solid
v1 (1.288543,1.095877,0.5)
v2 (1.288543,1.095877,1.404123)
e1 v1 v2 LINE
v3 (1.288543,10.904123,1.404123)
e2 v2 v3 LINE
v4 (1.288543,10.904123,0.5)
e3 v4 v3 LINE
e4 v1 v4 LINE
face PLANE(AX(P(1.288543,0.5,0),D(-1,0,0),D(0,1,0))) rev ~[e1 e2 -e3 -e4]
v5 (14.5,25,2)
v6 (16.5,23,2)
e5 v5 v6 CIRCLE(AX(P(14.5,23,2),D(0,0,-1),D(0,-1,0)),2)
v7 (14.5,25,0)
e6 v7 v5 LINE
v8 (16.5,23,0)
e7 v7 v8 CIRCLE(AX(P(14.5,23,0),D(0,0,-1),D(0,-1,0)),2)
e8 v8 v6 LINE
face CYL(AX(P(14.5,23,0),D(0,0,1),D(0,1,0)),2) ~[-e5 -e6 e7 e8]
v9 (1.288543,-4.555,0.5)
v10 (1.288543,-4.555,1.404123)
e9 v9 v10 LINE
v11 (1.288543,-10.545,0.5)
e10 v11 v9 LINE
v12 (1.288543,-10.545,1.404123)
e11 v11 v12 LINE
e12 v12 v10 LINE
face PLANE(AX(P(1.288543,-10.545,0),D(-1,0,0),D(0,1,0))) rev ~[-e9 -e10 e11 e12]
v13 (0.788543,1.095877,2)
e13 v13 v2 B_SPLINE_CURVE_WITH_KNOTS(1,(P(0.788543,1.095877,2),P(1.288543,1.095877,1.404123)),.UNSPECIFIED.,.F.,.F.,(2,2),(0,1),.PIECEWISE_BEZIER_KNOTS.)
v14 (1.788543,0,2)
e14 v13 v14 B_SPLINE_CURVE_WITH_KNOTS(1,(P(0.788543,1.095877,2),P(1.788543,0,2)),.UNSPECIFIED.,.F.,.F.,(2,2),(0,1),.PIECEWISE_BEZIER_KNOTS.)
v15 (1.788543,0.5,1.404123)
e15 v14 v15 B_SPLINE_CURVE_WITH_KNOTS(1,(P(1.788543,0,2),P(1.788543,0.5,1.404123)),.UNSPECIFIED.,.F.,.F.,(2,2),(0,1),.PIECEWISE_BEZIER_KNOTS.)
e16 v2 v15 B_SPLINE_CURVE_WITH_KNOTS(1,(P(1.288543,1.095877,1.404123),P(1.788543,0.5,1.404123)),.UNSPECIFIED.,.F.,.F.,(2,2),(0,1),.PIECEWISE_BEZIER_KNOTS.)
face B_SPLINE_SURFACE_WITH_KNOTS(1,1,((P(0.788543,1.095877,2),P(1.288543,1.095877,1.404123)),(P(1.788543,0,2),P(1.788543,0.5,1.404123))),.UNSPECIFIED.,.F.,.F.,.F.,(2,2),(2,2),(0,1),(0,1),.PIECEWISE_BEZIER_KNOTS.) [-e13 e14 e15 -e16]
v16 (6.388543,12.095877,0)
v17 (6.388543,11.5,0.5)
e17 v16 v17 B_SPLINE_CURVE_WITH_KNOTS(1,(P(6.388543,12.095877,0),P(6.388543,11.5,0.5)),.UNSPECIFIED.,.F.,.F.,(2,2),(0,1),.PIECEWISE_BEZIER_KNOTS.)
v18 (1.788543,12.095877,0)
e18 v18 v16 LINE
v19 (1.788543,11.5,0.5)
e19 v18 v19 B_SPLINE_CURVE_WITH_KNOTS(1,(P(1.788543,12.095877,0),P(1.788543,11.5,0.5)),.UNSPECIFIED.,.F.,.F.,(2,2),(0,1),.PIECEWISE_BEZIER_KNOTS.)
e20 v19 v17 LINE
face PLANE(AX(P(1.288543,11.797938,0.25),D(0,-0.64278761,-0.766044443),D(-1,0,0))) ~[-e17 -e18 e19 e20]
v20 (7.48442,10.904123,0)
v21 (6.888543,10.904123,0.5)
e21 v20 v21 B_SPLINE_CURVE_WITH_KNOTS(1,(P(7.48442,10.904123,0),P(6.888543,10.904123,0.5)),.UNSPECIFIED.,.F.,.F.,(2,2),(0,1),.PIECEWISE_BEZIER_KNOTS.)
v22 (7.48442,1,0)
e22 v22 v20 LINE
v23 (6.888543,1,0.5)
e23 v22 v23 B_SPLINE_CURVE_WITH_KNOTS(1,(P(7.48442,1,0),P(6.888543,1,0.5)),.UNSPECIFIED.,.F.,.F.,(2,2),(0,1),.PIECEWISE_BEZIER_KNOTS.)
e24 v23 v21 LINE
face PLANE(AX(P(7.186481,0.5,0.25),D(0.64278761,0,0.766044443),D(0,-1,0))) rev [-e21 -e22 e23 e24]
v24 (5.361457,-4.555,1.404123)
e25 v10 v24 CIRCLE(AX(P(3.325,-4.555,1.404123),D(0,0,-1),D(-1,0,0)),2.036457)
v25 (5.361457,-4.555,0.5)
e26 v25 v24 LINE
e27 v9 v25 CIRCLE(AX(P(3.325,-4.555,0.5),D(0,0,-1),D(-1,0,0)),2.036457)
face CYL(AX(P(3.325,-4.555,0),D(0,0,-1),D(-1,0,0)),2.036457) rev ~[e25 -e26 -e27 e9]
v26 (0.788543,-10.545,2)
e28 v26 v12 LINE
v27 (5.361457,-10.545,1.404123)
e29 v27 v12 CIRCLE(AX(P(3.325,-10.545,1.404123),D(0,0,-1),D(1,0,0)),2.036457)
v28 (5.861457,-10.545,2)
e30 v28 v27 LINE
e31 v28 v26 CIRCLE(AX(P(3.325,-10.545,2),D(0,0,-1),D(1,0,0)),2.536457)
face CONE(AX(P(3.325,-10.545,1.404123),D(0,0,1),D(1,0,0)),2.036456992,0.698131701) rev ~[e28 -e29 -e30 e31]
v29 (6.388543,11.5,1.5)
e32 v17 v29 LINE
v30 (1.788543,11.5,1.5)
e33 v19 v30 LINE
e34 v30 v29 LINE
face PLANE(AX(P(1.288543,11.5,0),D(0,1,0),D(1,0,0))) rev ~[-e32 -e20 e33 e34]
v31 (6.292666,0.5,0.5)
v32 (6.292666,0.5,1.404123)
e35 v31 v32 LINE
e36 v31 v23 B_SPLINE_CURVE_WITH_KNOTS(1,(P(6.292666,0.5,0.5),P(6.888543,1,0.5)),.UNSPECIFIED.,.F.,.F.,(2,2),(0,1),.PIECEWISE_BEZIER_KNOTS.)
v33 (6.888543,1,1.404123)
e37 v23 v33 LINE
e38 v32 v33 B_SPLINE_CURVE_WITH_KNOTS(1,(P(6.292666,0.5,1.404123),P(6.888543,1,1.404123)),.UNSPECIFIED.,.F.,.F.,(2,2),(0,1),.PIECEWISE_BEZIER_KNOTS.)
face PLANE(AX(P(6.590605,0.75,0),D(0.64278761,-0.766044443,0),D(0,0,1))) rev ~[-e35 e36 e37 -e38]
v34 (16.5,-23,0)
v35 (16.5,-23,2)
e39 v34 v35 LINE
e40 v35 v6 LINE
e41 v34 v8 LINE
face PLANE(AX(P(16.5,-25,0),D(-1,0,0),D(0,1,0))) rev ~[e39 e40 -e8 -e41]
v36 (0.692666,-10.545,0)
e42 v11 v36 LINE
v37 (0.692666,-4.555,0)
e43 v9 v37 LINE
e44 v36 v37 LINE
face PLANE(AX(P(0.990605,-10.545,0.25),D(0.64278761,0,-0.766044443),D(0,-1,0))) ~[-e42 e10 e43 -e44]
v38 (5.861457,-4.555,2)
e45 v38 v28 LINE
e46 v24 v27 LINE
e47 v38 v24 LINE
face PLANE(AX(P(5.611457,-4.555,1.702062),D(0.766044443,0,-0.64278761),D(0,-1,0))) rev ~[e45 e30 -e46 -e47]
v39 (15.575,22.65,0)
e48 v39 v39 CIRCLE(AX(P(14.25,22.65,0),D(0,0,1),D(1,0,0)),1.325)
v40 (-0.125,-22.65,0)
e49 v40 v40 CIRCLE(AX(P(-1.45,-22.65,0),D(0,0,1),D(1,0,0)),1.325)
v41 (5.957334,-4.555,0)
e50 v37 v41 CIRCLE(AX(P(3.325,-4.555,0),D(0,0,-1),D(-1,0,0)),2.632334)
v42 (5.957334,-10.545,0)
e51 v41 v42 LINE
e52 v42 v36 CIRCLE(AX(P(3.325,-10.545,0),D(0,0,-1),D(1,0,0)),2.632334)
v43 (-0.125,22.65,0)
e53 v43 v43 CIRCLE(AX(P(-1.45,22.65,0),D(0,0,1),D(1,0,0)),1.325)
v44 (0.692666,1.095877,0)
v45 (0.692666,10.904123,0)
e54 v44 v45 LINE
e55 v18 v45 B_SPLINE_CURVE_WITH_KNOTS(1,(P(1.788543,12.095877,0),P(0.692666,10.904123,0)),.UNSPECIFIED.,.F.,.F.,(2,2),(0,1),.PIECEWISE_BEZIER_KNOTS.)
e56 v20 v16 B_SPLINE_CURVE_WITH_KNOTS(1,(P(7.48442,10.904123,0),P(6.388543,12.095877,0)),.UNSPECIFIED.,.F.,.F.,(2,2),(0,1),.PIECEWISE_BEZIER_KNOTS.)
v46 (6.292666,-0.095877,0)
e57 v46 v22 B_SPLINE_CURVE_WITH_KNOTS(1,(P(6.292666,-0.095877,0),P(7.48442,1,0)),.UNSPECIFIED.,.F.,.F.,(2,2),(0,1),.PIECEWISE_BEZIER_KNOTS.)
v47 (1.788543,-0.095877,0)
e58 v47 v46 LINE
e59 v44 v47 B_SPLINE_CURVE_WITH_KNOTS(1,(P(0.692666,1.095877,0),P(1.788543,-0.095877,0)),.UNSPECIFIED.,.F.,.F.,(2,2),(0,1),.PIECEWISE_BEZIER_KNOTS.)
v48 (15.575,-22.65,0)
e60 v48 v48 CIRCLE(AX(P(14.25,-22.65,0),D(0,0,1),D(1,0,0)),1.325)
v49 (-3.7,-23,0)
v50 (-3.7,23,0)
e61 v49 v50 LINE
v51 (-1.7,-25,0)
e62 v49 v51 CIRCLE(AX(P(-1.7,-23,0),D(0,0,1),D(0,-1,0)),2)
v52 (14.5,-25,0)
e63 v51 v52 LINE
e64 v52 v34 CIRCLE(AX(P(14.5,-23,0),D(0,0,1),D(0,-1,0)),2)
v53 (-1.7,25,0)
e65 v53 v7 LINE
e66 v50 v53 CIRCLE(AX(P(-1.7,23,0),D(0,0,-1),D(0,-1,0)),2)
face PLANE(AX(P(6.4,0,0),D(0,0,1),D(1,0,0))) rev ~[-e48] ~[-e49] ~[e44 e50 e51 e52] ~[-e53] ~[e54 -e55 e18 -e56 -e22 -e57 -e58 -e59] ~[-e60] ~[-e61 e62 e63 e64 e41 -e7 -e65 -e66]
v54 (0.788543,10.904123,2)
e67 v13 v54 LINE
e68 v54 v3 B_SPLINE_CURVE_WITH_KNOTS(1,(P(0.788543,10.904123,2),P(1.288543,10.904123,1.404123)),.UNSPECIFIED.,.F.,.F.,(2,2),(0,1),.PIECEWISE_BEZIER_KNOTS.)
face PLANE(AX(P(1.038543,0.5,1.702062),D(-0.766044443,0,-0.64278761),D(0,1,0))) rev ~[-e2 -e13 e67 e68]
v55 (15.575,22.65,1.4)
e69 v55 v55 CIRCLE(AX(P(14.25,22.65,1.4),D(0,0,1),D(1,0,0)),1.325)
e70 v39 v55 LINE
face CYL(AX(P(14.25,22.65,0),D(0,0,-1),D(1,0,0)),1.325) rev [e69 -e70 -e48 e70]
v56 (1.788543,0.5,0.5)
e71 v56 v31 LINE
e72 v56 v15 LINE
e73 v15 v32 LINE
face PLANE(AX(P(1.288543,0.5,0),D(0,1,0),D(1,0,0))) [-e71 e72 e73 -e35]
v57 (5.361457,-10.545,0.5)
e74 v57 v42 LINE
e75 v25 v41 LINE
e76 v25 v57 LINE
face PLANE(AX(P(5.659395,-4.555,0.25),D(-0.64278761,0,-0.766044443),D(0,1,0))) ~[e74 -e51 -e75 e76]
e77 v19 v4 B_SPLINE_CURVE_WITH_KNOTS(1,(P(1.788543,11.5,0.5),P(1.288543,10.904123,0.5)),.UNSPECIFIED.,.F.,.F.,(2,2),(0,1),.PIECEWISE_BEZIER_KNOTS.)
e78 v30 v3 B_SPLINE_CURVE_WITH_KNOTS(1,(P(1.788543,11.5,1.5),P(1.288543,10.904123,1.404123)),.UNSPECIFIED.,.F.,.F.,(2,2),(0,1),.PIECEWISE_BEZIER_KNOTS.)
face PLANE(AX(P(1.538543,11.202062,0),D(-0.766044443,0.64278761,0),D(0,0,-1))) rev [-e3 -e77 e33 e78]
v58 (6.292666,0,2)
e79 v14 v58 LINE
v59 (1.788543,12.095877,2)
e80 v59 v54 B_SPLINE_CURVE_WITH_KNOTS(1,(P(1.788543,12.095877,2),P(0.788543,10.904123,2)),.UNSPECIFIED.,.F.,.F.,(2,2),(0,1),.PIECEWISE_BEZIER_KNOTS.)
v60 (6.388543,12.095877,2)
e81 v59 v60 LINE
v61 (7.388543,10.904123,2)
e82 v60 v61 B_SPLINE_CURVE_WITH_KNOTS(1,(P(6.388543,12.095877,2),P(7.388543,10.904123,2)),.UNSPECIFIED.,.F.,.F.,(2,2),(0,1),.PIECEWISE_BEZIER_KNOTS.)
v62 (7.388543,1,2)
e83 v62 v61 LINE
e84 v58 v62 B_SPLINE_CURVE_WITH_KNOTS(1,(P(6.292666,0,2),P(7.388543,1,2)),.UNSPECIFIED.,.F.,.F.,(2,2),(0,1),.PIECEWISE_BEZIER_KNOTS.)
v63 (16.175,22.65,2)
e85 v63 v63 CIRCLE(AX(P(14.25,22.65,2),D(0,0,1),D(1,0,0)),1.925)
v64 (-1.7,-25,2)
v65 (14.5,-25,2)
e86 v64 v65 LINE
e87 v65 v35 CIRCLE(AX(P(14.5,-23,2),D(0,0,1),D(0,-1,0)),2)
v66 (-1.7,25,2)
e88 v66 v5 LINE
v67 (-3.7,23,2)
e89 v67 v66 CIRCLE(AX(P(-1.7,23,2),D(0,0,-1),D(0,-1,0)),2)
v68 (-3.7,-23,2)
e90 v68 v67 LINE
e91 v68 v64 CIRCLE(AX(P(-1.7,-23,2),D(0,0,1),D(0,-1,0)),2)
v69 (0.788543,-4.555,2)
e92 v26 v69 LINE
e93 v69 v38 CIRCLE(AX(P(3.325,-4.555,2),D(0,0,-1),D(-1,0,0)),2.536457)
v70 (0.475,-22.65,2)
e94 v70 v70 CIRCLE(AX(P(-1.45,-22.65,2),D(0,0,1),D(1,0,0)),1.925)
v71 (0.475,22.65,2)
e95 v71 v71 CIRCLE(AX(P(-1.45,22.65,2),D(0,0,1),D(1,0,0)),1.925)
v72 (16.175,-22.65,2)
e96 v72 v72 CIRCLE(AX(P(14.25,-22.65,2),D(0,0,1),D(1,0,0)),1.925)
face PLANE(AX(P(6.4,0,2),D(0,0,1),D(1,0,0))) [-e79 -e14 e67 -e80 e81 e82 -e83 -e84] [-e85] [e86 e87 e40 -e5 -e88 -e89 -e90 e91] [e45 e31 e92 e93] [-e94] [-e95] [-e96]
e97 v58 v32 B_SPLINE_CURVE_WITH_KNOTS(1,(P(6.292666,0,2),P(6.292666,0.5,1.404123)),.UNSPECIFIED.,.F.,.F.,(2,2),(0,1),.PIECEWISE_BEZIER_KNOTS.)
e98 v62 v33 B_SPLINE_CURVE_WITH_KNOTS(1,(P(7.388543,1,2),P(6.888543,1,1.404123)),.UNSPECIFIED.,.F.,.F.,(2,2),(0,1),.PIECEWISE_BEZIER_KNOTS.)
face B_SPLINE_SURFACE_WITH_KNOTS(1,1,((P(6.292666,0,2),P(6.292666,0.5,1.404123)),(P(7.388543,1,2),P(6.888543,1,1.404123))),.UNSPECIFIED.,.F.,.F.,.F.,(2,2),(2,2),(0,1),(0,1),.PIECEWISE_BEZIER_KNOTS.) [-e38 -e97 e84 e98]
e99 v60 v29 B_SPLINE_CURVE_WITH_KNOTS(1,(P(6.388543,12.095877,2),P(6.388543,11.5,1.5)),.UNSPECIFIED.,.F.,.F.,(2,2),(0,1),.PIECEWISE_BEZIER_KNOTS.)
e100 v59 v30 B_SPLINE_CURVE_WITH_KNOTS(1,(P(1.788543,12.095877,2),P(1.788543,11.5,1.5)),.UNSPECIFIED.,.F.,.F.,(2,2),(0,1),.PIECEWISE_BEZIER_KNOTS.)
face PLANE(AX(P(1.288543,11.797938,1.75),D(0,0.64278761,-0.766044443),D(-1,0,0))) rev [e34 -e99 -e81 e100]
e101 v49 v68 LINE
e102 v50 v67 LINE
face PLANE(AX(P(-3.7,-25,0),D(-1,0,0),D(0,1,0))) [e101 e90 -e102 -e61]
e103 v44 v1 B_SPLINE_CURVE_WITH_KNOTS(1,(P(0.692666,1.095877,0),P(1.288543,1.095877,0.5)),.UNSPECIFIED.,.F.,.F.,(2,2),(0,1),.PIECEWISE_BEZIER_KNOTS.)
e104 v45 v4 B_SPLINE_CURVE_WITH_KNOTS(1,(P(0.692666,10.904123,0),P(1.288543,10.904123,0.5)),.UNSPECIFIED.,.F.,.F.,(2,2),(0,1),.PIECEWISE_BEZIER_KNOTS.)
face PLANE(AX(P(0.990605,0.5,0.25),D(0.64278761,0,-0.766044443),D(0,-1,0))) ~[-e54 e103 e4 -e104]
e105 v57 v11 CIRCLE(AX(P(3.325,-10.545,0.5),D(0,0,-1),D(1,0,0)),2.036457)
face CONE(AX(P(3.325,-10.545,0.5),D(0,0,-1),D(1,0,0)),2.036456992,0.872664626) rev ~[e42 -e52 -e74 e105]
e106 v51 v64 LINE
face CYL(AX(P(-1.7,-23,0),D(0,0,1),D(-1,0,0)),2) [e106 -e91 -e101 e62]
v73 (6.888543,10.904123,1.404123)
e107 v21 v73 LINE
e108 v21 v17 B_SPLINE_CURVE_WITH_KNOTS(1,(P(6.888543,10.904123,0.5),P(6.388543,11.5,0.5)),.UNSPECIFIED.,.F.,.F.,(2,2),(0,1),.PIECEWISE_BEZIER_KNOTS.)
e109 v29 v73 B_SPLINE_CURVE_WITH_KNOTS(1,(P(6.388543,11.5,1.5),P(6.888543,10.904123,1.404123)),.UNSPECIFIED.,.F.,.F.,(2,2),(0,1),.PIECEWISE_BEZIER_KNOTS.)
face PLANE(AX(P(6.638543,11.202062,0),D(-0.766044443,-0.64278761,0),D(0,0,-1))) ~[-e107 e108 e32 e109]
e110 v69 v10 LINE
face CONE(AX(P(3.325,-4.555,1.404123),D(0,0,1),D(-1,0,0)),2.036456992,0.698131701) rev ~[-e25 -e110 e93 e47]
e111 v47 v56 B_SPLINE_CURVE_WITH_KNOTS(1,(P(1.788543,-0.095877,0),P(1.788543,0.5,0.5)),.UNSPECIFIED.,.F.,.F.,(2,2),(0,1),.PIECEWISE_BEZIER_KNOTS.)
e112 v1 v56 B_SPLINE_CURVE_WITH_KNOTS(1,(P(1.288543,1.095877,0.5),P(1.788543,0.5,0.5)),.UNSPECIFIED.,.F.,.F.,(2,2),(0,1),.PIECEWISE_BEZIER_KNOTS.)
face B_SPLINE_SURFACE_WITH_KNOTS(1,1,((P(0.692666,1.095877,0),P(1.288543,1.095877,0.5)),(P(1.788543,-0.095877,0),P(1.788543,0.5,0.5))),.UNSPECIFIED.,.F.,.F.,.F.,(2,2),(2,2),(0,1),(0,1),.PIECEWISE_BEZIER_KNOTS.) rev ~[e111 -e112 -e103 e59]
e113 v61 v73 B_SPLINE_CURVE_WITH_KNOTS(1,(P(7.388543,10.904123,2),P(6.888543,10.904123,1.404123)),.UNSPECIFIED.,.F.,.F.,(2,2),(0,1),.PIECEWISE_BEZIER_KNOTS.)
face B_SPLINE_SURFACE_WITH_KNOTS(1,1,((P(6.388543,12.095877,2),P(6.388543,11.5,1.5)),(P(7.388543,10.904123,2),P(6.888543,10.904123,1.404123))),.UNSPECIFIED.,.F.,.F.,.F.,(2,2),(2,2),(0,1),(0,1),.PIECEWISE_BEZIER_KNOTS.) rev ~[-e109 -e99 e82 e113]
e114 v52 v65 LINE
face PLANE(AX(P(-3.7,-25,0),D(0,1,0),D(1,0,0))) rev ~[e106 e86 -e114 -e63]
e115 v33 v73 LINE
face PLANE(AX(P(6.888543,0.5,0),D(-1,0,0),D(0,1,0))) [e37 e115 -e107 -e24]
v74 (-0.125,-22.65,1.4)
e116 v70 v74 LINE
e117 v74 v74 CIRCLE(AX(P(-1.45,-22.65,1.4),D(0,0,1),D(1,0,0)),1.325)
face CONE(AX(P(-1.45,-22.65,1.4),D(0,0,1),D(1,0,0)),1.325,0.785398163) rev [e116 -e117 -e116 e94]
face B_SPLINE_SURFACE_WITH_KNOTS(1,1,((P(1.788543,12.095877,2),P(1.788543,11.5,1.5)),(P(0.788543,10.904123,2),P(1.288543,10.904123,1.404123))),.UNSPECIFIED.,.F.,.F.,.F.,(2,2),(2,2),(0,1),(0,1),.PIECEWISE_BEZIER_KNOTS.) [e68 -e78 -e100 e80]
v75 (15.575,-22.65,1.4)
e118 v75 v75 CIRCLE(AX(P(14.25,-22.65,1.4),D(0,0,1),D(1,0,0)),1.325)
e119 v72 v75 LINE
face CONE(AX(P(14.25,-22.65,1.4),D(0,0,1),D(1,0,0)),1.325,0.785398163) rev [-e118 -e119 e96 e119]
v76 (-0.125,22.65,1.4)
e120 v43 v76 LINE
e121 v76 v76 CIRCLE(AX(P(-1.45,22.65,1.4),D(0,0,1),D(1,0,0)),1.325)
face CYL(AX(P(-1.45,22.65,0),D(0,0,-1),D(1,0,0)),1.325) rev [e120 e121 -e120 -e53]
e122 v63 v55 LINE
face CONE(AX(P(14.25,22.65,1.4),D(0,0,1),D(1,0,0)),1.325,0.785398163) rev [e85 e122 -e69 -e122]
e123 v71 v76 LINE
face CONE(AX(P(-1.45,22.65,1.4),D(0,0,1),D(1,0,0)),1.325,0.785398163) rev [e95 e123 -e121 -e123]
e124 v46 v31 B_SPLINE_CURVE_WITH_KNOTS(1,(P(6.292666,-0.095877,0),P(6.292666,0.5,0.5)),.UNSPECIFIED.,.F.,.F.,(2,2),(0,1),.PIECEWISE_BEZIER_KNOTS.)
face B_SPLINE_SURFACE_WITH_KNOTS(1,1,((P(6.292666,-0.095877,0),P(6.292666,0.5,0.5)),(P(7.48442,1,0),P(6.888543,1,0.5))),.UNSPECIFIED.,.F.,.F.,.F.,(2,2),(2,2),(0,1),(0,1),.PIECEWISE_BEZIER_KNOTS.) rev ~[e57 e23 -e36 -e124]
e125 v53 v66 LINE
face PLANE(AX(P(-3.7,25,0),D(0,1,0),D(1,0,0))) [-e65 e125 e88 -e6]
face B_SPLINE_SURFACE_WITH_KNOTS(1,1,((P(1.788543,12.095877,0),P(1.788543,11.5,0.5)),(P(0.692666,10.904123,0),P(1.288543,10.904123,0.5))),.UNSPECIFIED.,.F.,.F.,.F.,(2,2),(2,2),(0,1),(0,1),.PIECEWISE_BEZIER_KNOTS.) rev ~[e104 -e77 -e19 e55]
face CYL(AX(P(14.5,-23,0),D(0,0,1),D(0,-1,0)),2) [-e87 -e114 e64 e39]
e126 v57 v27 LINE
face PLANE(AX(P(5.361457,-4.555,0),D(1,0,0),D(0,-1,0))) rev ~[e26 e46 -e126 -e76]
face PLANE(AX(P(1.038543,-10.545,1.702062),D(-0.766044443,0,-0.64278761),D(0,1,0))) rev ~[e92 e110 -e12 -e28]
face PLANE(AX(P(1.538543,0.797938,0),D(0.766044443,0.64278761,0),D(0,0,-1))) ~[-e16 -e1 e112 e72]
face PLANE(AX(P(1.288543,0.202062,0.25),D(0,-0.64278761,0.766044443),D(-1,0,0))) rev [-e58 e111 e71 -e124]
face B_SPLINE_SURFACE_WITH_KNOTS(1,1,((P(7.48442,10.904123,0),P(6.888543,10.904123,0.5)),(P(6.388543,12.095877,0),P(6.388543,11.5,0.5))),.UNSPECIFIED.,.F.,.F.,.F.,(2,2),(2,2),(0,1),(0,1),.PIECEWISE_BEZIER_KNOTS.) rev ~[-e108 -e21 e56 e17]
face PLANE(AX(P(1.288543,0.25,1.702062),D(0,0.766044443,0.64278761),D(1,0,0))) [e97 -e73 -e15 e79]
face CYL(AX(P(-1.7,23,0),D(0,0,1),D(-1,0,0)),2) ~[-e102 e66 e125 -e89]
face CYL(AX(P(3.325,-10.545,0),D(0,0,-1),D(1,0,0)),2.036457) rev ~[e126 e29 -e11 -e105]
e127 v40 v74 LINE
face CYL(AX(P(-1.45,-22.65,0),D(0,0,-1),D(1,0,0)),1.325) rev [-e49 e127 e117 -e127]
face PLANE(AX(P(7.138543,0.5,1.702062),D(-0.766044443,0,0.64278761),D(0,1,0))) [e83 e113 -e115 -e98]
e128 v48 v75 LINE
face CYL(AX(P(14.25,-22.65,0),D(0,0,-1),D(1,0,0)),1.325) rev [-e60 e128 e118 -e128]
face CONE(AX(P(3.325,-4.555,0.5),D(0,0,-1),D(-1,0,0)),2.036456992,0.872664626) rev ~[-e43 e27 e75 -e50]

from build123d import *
from OCP.BRepFilletAPI import BRepFilletAPI_MakeChamfer

# Parameters (mm, degrees)
SKETCH_2_W      = 20.2
SKETCH_2_H      = 50
SKETCH_2_R      = 1.325
SKETCH_2_W_2    = 5.6
SKETCH_2_H_2    = 11
EXTRUDE_1_DEPTH = 2
FILLET_1_R      = 2
CHAMFER_1_SIZE  = 0.6
CHAMFER_2_SIZE  = 0.5
CHAMFER_2_SIZE2 = 0.595876796


with BuildPart() as part:
    # 草图2 → 凸台-拉伸1 (new body)
    with BuildSketch(Plane.XY):
        with Locations((6.4, 0)):
            Rectangle(SKETCH_2_W, SKETCH_2_H)
        with Locations((-1.45, -22.65)):
            Circle(SKETCH_2_R, mode=Mode.SUBTRACT)
        with Locations((-1.45, 22.65)):
            Circle(SKETCH_2_R, mode=Mode.SUBTRACT)
        with Locations((14.25, 22.65)):
            Circle(SKETCH_2_R, mode=Mode.SUBTRACT)
        with Locations((14.25, -22.65)):
            Circle(SKETCH_2_R, mode=Mode.SUBTRACT)
        with BuildLine():
            Line((5.361456992, -4.555), (5.361456992, -10.545))
            ThreePointArc((5.361456992, -10.545), (3.325, -12.581456992), (1.288543008, -10.545))
            Line((1.288543008, -10.545), (1.288543008, -4.555))
            ThreePointArc((1.288543008, -4.555), (3.325, -2.518543008), (5.361456992, -4.555))
        make_face(mode=Mode.SUBTRACT)
        with Locations((4.088543008, 6)):
            Rectangle(SKETCH_2_W_2, SKETCH_2_H_2, mode=Mode.SUBTRACT)
    extrude(amount=EXTRUDE_1_DEPTH)

    # 圆角1
    fillet_1_edges = [part.edges().sort_by_distance(p)[0] for p in [
        (-3.7, 25, 1),
        (16.5, 25, 1),
        (16.5, -25, 1),
        (-3.7, -25, 1),
    ]]
    fillet(fillet_1_edges, radius=FILLET_1_R)

    # 倒角1
    chamfer_1_edges = [part.edges().sort_by_distance(p)[0] for p in [
        (-2.775, -22.65, 2),
        (-2.775, 22.65, 2),
        (12.925, 22.65, 2),
        (12.925, -22.65, 2),
    ]]
    chamfer(chamfer_1_edges, length=CHAMFER_1_SIZE)

    # 倒角2: one chamfer whose edges measure the first distance from different faces: ONE call of the kernel's chamfer builder (chamfer() names one face for all edges)
    chamfer_2_edges_1 = [part.edges().sort_by_distance(p)[0] for p in [
        (3.325, -2.518543008, 0),
    ]]
    chamfer_2_side_1 = [part.faces().sort_by_distance(p)[0] for p in [
        (3.325, -2.518543008, 1),
    ]]
    chamfer_2_edges_2 = [part.edges().sort_by_distance(p)[0] for p in [
        (1.288543008, -7.55, 0),
    ]]
    chamfer_2_side_2 = [part.faces().sort_by_distance(p)[0] for p in [
        (1.288543008, -7.55, 1),
    ]]
    chamfer_2_edges_3 = [part.edges().sort_by_distance(p)[0] for p in [
        (3.325, -12.581456992, 0),
    ]]
    chamfer_2_side_3 = [part.faces().sort_by_distance(p)[0] for p in [
        (3.325, -12.581456992, 1),
    ]]
    chamfer_2_edges_4 = [part.edges().sort_by_distance(p)[0] for p in [
        (5.361456992, -7.55, 0),
    ]]
    chamfer_2_side_4 = [part.faces().sort_by_distance(p)[0] for p in [
        (5.361456992, -7.55, 1),
    ]]
    chamfer_2_edges_5 = [part.edges().sort_by_distance(p)[0] for p in [
        (3.325, -2.518543008, 2),
        (1.288543008, -7.55, 2),
        (3.325, -12.581456992, 2),
        (5.361456992, -7.55, 2),
        (1.288543008, 6, 2),
        (4.088543008, 0.5, 2),
        (6.888543008, 6, 2),
    ]]
    chamfer_2_side_5 = [part.faces().sort_by_distance(p)[0] for p in [
        (6.699043587, -0.101092382, 2),
    ]]
    chamfer_2_edges_6 = [part.edges().sort_by_distance(p)[0] for p in [
        (1.288543008, 6, 0),
    ]]
    chamfer_2_side_6 = [part.faces().sort_by_distance(p)[0] for p in [
        (1.288543008, 6, 1),
    ]]
    chamfer_2_edges_7 = [part.edges().sort_by_distance(p)[0] for p in [
        (1.288543008, 11.5, 1),
        (4.088543008, 11.5, 0),
        (6.888543008, 11.5, 1),
        (4.088543008, 11.5, 2),
    ]]
    chamfer_2_side_7 = [part.faces().sort_by_distance(p)[0] for p in [
        (4.088543008, 11.5, 1),
    ]]
    chamfer_2_edges_8 = [part.edges().sort_by_distance(p)[0] for p in [
        (4.088543008, 0.5, 0),
        (1.288543008, 0.5, 1),
    ]]
    chamfer_2_side_8 = [part.faces().sort_by_distance(p)[0] for p in [
        (4.088543008, 0.5, 1),
    ]]
    chamfer_2_edges_9 = [part.edges().sort_by_distance(p)[0] for p in [
        (6.888543008, 6, 0),
        (6.888543008, 0.5, 1),
    ]]
    chamfer_2_side_9 = [part.faces().sort_by_distance(p)[0] for p in [
        (6.888543008, 6, 1),
    ]]
    chamfer_2 = BRepFilletAPI_MakeChamfer(part.part.solid().wrapped)
    for e in chamfer_2_edges_1:
        chamfer_2.Add(CHAMFER_2_SIZE, CHAMFER_2_SIZE2, e.wrapped, chamfer_2_side_1[0].wrapped)  # the first distance lies on this face
    for e in chamfer_2_edges_2:
        chamfer_2.Add(CHAMFER_2_SIZE, CHAMFER_2_SIZE2, e.wrapped, chamfer_2_side_2[0].wrapped)  # the first distance lies on this face
    for e in chamfer_2_edges_3:
        chamfer_2.Add(CHAMFER_2_SIZE, CHAMFER_2_SIZE2, e.wrapped, chamfer_2_side_3[0].wrapped)  # the first distance lies on this face
    for e in chamfer_2_edges_4:
        chamfer_2.Add(CHAMFER_2_SIZE, CHAMFER_2_SIZE2, e.wrapped, chamfer_2_side_4[0].wrapped)  # the first distance lies on this face
    for e in chamfer_2_edges_5:
        chamfer_2.Add(CHAMFER_2_SIZE, CHAMFER_2_SIZE2, e.wrapped, chamfer_2_side_5[0].wrapped)  # the first distance lies on this face
    for e in chamfer_2_edges_6:
        chamfer_2.Add(CHAMFER_2_SIZE, CHAMFER_2_SIZE2, e.wrapped, chamfer_2_side_6[0].wrapped)  # the first distance lies on this face
    for e in chamfer_2_edges_7:
        chamfer_2.Add(CHAMFER_2_SIZE, CHAMFER_2_SIZE2, e.wrapped, chamfer_2_side_7[0].wrapped)  # the first distance lies on this face
    for e in chamfer_2_edges_8:
        chamfer_2.Add(CHAMFER_2_SIZE, CHAMFER_2_SIZE2, e.wrapped, chamfer_2_side_8[0].wrapped)  # the first distance lies on this face
    for e in chamfer_2_edges_9:
        chamfer_2.Add(CHAMFER_2_SIZE, CHAMFER_2_SIZE2, e.wrapped, chamfer_2_side_9[0].wrapped)  # the first distance lies on this face
    add(Compound.cast(chamfer_2.Shape()), mode=Mode.REPLACE)


solid = part.part
